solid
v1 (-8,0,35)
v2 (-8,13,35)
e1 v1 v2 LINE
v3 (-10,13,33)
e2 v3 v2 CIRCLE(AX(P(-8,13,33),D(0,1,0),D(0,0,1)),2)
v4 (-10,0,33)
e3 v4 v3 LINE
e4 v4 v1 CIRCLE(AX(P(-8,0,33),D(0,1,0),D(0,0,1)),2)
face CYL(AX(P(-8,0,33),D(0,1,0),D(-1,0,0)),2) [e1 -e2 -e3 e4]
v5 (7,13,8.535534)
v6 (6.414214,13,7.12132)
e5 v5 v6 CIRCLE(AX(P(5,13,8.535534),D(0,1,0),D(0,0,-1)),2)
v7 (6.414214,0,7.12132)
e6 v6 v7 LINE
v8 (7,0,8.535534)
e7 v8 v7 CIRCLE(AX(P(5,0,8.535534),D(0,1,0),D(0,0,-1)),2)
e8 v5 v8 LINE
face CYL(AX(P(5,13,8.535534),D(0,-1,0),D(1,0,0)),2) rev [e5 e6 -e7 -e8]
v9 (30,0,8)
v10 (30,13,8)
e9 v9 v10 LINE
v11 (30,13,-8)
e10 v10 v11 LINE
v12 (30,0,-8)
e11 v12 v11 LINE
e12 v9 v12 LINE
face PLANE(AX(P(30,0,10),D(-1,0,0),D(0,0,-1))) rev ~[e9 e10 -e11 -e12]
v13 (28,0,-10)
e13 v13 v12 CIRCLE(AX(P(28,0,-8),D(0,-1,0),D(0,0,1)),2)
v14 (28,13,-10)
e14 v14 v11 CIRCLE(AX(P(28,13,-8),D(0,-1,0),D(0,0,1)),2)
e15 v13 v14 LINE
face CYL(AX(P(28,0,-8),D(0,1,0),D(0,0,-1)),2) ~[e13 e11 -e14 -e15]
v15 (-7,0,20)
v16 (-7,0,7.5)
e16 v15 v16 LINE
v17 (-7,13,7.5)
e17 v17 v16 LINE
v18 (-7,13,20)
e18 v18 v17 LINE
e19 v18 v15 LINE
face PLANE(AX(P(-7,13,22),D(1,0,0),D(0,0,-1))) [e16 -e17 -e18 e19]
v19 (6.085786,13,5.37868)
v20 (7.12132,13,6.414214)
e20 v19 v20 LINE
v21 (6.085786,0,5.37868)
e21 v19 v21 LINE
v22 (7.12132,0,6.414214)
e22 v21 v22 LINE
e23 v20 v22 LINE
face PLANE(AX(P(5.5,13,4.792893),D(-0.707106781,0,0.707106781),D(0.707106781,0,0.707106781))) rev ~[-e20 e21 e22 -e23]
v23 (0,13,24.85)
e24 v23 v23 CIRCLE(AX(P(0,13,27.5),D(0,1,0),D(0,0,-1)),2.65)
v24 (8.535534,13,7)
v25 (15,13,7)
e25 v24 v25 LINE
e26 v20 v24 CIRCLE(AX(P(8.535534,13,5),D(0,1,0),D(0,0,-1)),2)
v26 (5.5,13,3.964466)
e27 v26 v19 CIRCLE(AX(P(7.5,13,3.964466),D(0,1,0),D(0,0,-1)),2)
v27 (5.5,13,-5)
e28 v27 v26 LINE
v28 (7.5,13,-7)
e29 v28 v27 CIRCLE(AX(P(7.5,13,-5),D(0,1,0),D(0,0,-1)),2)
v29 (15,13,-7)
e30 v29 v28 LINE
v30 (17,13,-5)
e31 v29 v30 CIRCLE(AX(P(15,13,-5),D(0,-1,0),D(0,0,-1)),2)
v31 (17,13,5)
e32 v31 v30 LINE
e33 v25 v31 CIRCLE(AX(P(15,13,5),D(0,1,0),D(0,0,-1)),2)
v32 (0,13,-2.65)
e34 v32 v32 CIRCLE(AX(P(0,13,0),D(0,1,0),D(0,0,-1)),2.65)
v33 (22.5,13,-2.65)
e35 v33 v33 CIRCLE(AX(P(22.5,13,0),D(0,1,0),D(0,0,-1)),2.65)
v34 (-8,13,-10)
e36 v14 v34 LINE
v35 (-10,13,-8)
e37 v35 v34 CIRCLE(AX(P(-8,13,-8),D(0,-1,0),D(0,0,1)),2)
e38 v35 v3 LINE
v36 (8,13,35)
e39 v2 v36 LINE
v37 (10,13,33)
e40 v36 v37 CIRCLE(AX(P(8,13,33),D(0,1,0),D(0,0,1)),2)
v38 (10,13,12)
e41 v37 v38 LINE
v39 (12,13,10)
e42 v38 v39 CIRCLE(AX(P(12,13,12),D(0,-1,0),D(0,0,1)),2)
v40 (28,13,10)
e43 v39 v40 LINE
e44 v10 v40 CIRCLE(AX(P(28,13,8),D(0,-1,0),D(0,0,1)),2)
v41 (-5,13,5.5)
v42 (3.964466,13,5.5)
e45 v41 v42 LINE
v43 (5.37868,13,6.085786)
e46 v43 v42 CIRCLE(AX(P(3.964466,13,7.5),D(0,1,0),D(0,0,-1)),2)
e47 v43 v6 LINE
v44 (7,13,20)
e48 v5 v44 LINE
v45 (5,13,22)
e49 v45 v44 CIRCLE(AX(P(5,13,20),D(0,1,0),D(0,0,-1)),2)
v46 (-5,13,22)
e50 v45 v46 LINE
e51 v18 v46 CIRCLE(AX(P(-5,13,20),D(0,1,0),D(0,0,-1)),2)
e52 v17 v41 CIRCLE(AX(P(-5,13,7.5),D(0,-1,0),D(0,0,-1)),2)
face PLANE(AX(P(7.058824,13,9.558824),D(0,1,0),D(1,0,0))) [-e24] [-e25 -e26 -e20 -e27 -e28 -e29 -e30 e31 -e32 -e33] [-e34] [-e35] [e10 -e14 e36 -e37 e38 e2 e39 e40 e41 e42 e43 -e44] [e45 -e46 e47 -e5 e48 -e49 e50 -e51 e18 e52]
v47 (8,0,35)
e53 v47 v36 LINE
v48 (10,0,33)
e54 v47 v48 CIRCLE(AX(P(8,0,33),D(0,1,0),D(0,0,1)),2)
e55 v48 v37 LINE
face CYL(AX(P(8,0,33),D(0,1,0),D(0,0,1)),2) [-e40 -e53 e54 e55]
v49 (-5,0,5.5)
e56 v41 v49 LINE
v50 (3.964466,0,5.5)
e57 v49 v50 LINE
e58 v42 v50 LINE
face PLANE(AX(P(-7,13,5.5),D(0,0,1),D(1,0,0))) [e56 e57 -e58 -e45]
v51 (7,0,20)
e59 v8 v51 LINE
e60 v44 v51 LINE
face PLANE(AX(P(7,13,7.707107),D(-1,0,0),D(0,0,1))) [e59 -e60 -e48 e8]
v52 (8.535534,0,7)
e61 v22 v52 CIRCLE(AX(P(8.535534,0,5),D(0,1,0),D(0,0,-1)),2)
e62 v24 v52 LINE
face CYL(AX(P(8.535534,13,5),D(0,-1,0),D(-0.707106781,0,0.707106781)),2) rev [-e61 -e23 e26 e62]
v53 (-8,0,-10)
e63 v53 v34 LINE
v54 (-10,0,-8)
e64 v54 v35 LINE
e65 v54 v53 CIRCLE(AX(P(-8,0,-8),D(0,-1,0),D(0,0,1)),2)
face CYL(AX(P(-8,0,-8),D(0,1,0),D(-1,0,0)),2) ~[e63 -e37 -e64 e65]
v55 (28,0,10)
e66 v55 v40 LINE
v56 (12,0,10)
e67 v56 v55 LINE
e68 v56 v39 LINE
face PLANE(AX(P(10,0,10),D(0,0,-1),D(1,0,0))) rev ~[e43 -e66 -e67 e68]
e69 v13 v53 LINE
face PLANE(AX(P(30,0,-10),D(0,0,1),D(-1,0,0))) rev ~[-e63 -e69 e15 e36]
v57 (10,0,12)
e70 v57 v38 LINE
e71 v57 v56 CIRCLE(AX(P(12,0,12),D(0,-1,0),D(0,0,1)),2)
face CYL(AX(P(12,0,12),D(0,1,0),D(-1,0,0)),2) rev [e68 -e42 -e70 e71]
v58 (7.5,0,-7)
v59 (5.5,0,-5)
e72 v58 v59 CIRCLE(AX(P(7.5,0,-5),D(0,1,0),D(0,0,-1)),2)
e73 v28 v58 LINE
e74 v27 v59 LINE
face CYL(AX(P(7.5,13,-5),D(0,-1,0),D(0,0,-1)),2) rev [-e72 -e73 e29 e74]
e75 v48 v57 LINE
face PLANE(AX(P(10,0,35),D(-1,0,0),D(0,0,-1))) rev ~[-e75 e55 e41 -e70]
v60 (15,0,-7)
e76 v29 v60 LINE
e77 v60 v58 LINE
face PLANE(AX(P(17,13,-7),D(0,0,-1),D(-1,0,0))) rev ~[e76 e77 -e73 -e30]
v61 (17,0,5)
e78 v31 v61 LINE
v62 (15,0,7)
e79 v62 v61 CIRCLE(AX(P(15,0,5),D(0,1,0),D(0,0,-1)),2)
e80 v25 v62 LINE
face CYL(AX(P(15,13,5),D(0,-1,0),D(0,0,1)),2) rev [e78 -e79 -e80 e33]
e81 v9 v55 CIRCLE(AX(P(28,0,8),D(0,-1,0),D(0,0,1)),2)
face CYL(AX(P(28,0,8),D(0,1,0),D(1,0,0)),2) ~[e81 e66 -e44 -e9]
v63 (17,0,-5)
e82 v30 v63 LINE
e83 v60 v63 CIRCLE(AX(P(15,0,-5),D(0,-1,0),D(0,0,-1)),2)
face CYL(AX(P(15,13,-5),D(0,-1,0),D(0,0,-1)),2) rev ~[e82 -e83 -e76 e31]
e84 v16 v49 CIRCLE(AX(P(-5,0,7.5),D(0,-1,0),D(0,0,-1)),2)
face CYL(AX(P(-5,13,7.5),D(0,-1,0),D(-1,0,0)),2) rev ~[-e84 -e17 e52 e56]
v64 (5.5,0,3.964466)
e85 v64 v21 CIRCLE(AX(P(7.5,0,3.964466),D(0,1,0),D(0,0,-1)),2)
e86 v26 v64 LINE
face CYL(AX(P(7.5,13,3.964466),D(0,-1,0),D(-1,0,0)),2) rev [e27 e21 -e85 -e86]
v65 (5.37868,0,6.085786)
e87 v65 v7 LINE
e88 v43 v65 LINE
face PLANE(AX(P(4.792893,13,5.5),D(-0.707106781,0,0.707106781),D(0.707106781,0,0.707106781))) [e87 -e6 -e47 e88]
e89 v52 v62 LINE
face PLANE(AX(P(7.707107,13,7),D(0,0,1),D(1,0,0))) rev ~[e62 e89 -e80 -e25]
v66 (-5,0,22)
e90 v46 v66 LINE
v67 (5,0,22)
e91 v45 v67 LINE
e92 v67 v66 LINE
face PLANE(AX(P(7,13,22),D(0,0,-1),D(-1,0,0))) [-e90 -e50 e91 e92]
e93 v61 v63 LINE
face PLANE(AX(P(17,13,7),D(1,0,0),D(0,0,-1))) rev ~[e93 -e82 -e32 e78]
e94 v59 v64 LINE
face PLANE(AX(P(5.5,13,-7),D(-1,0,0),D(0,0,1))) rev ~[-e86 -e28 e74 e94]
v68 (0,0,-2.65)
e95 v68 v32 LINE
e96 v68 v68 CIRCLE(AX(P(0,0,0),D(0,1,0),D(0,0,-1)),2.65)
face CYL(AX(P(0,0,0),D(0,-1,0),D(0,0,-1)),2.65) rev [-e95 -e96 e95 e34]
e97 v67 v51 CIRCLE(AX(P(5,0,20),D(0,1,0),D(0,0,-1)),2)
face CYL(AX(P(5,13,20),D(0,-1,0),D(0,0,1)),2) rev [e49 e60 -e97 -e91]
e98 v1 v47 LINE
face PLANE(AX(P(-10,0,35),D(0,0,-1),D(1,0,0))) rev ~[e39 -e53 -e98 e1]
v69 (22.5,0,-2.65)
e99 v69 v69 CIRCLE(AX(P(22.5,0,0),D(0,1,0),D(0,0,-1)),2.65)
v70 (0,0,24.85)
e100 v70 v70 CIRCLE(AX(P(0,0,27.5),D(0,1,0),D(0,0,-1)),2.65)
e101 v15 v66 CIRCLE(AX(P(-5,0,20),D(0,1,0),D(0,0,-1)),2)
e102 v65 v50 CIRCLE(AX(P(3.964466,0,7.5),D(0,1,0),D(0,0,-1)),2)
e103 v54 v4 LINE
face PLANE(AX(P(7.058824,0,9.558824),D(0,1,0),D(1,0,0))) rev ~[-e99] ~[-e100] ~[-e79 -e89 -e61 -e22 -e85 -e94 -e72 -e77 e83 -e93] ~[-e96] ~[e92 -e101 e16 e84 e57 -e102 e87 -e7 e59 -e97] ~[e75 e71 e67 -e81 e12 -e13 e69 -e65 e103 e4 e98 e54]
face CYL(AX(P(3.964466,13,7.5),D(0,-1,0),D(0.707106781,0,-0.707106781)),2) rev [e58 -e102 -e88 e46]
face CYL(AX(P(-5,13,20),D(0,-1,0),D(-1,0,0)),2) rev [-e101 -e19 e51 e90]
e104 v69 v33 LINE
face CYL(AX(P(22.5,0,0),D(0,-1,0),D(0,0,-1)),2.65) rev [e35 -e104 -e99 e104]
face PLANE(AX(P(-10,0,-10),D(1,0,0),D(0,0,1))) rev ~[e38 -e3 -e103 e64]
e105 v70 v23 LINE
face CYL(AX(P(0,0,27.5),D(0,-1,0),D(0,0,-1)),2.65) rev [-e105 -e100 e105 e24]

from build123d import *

# Parameters (mm, degrees)
SKETCH1_R           = 2.65
BOSS_EXTRUDE1_DEPTH = 13
CUT_EXTRUDE1_DEPTH  = 48.895720059
FILLET1_R           = 2


with BuildPart() as part:
    # Sketch1 → Boss-Extrude1 (new body)
    with BuildSketch(Plane(origin=(0, 0, 0), x_dir=(1, 0, 0), z_dir=(0, 1, 0))):
        Polygon((-10, 10), (-10, -35), (10, -35), (10, -10), (30, -10), (30, 10), align=None)
        with Locations(Location((0, 0, 0), (0, 0, 90))):
            Circle(SKETCH1_R, mode=Mode.SUBTRACT)
        with Locations(Location((0, -27.5, 0), (0, 0, 90))):
            Circle(SKETCH1_R, mode=Mode.SUBTRACT)
        with Locations(Location((22.5, 0, 0), (0, 0, 90))):
            Circle(SKETCH1_R, mode=Mode.SUBTRACT)
    extrude(amount=BOSS_EXTRUDE1_DEPTH)

    # Sketch2 → Cut-Extrude1 (cut, through all)
    with BuildSketch(Plane(origin=(0, 13, 0), x_dir=(1, 0, 0), z_dir=(0, 1, 0))):
        Polygon((-7, -5.5), (4.792893219, -5.5), (7, -7.707106781), (7, -22), (-7, -22), align=None)
        Polygon((17, 7), (5.5, 7), (5.5, -4.792893219), (7.707106781, -7), (17, -7), align=None)
    extrude(amount=-CUT_EXTRUDE1_DEPTH, mode=Mode.SUBTRACT)

    # Fillet1
    fillet1_edges = [part.edges().sort_by_distance(p)[0] for p in [
        (30, 6.5, -10),
        (30, 6.5, 10),
        (10, 6.5, 10),
        (10, 6.5, 35),
        (-10, 6.5, 35),
        (-10, 6.5, -10),
        (7.707106781, 6.5, 7),
        (5.5, 6.5, 4.792893219),
        (5.5, 6.5, -7),
        (17, 6.5, -7),
        (17, 6.5, 7),
        (-7, 6.5, 22),
        (-7, 6.5, 5.5),
        (4.792893219, 6.5, 5.5),
        (7, 6.5, 7.707106781),
        (7, 6.5, 22),
    ]]
    fillet(fillet1_edges, radius=FILLET1_R)


solid = part.part
